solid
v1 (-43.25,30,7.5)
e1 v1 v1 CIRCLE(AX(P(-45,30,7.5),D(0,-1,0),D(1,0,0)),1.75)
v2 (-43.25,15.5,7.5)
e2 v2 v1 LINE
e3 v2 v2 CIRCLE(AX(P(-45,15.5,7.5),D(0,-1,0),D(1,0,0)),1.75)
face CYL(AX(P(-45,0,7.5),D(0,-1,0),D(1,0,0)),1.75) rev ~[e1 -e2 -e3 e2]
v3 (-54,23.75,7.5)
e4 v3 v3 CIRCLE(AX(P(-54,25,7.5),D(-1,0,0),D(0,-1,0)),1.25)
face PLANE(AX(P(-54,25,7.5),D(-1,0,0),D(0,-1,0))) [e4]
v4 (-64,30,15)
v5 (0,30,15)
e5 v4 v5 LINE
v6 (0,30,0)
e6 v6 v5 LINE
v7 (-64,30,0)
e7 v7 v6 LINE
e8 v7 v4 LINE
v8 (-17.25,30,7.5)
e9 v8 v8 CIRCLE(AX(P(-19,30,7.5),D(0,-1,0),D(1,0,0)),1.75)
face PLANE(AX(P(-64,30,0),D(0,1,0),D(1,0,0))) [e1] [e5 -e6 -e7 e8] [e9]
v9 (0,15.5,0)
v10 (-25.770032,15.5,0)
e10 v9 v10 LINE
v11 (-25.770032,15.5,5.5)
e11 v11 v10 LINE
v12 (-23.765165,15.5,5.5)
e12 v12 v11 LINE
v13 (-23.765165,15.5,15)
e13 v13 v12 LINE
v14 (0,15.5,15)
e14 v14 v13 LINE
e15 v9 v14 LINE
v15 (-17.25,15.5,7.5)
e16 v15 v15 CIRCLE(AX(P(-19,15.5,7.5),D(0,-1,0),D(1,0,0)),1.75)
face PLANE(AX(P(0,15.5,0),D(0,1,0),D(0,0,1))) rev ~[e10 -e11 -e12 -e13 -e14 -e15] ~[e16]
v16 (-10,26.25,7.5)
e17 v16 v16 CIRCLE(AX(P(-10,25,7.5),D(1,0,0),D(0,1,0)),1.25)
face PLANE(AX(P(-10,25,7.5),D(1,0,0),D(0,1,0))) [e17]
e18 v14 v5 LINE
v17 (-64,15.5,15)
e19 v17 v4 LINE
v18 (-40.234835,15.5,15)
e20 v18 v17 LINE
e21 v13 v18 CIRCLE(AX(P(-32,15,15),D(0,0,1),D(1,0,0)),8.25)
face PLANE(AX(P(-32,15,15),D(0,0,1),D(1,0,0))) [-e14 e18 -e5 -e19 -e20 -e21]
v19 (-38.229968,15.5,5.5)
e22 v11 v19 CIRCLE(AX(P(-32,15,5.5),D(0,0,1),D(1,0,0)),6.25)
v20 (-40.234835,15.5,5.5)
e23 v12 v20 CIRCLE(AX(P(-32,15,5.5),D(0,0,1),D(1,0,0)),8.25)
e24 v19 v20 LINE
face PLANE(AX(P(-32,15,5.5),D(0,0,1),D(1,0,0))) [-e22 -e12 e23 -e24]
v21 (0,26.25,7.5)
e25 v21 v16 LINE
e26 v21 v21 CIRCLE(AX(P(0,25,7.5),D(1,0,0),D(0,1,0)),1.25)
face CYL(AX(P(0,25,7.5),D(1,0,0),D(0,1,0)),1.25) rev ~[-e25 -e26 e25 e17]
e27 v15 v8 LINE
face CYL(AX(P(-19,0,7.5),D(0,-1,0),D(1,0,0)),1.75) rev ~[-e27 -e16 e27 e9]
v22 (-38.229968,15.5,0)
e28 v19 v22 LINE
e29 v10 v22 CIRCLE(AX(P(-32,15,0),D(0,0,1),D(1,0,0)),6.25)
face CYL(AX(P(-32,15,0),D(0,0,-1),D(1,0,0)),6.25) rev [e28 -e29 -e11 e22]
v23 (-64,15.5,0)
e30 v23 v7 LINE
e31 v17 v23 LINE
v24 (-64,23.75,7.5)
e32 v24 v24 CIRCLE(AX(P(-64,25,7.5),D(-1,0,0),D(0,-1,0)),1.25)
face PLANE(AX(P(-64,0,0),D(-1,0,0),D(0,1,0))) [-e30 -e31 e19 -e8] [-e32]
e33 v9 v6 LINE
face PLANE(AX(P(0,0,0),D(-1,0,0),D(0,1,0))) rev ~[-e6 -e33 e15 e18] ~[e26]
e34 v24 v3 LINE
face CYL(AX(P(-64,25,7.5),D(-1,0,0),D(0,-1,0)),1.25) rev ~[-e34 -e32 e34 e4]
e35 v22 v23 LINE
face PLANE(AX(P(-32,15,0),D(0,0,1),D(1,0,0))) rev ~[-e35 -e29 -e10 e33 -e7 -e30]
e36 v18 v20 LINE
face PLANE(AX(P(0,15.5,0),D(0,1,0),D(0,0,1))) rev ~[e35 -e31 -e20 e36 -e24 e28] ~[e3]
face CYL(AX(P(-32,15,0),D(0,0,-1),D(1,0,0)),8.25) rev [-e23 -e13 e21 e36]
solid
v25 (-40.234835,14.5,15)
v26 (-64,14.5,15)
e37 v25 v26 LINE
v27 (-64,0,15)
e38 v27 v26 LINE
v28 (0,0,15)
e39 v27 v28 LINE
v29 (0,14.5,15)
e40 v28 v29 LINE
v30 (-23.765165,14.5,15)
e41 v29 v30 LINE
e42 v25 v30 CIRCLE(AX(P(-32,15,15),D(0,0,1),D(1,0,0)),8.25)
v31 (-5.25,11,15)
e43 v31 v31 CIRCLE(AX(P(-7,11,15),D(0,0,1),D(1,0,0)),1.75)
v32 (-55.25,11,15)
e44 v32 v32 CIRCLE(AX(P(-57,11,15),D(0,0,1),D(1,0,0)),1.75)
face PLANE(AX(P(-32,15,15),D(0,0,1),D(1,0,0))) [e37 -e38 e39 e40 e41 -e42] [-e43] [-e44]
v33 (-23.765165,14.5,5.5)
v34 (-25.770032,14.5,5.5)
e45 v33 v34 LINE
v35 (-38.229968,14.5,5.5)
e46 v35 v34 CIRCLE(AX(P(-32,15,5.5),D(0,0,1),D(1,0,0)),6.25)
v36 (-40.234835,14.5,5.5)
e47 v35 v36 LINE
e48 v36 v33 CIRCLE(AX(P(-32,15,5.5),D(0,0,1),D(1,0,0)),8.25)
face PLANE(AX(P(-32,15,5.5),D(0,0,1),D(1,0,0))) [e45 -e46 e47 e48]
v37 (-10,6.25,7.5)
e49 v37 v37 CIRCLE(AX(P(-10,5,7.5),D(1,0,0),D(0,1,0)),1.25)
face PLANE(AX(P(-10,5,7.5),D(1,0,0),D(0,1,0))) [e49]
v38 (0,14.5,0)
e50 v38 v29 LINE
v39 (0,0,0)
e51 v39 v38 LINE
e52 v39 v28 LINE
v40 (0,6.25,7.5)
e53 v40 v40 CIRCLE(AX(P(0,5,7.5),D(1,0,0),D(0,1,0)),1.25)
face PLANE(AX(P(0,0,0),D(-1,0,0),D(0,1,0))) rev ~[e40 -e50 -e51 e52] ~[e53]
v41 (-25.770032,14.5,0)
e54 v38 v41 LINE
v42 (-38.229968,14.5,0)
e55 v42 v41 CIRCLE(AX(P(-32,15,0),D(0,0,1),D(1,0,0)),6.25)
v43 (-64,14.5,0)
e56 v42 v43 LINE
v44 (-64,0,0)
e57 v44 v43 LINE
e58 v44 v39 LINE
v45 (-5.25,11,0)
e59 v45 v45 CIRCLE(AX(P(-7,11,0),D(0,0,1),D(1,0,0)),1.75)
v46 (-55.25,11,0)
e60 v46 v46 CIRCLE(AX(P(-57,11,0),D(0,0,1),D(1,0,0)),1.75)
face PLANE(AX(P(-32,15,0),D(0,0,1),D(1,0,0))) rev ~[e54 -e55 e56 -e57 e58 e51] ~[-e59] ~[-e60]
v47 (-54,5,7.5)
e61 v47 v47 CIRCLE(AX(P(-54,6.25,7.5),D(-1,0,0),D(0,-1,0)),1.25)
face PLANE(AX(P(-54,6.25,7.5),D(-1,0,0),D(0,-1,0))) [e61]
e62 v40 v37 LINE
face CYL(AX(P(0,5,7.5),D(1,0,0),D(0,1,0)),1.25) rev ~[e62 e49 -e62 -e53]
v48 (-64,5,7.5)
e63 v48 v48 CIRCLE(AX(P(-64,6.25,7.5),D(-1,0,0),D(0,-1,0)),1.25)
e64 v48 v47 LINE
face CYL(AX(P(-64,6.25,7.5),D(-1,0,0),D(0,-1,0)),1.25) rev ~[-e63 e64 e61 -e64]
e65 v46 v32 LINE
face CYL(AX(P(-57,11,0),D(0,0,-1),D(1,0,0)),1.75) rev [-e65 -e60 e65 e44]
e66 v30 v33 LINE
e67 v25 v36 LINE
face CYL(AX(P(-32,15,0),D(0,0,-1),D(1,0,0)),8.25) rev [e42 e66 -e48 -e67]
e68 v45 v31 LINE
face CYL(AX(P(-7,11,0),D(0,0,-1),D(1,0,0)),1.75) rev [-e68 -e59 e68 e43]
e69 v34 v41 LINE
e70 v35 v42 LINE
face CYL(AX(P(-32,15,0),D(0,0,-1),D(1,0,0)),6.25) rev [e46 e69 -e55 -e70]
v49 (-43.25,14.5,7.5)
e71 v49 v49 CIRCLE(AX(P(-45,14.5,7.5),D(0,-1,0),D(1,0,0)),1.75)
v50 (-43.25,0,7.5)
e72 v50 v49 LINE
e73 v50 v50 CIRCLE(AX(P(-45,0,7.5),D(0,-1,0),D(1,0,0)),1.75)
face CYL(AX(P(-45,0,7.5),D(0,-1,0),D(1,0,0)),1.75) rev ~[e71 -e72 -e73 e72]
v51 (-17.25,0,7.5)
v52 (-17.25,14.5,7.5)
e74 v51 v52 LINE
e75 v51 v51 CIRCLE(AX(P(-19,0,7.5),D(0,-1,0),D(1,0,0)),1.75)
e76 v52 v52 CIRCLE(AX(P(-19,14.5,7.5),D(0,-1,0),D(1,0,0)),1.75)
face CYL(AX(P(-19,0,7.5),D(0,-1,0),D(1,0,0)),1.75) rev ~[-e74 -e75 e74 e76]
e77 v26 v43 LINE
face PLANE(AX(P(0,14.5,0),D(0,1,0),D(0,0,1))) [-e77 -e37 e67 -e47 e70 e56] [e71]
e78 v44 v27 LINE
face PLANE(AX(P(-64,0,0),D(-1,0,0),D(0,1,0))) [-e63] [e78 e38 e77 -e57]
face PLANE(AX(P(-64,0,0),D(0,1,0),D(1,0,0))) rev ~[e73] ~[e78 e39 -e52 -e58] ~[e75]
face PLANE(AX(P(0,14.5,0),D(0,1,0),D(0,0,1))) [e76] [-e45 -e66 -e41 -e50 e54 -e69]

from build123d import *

# Parameters (mm, degrees)
F0_W      = 64
F0_H      = 30
F0_R      = 1.75
F0_R_2    = 8.25
F1_DEPTH  = 15
F0_R_3    = 6.25
F2_DEPTH  = 5.5
F3_W      = 1
F3_H      = 15
F4_DEPTH  = 64.001
F6_R      = 1.75
F7_DEPTH  = 30.001
F8_R      = 1.25
F9_DEPTH  = 10
F10_R     = 1.25
F11_DEPTH = 10


with BuildPart() as f1:
    # F0 (on Top) → F1 (new body)
    with BuildSketch(Plane.XY):
        with Locations((-32, 15)):
            Rectangle(F0_W, F0_H)
        with Locations((-57, 11)):
            Circle(F0_R, mode=Mode.SUBTRACT)
        with Locations((-7, 11)):
            Circle(F0_R, mode=Mode.SUBTRACT)
        with Locations((-32, 15)):
            Circle(F0_R_2, mode=Mode.SUBTRACT)
    extrude(amount=F1_DEPTH)

    # F0 (on Top) → F2 (join)
    with BuildSketch(Plane.XY):
        with Locations((-32, 15)):
            Circle(F0_R_2)
        with Locations((-32, 15)):
            Circle(F0_R_3, mode=Mode.SUBTRACT)
    extrude(amount=F2_DEPTH)

    # F3 (on face) → F4 (cut, through all)
    with BuildSketch(Plane.YZ):
        with Locations((15, 7.5)):
            Rectangle(F3_W, F3_H)
    extrude(amount=-F4_DEPTH, mode=Mode.SUBTRACT)

    # F6 (on face) → F7 (cut, through all)
    with BuildSketch(Plane.XZ):
        with Locations((-45, 7.5)):
            Circle(F6_R)
        with Locations((-19, 7.5)):
            Circle(F6_R)
    extrude(amount=-F7_DEPTH, mode=Mode.SUBTRACT)

    # F8 (on face) → F9 (cut)
    with BuildSketch(Plane.YZ):
        with Locations((5, 7.5)):
            Circle(F8_R)
        with Locations((25, 7.5)):
            Circle(F8_R)
    extrude(amount=-F9_DEPTH, mode=Mode.SUBTRACT)

    # F10 (on face) → F11 (cut)
    with BuildSketch(Plane(origin=(-64, 0, 0), x_dir=(0, -1, 0), z_dir=(-1, 0, 0))):
        with Locations((-25, 7.5)):
            Circle(F10_R)
        with Locations((-6.25, 7.5)):
            Circle(F10_R)
    extrude(amount=-F11_DEPTH, mode=Mode.SUBTRACT)


solid = f1.part
